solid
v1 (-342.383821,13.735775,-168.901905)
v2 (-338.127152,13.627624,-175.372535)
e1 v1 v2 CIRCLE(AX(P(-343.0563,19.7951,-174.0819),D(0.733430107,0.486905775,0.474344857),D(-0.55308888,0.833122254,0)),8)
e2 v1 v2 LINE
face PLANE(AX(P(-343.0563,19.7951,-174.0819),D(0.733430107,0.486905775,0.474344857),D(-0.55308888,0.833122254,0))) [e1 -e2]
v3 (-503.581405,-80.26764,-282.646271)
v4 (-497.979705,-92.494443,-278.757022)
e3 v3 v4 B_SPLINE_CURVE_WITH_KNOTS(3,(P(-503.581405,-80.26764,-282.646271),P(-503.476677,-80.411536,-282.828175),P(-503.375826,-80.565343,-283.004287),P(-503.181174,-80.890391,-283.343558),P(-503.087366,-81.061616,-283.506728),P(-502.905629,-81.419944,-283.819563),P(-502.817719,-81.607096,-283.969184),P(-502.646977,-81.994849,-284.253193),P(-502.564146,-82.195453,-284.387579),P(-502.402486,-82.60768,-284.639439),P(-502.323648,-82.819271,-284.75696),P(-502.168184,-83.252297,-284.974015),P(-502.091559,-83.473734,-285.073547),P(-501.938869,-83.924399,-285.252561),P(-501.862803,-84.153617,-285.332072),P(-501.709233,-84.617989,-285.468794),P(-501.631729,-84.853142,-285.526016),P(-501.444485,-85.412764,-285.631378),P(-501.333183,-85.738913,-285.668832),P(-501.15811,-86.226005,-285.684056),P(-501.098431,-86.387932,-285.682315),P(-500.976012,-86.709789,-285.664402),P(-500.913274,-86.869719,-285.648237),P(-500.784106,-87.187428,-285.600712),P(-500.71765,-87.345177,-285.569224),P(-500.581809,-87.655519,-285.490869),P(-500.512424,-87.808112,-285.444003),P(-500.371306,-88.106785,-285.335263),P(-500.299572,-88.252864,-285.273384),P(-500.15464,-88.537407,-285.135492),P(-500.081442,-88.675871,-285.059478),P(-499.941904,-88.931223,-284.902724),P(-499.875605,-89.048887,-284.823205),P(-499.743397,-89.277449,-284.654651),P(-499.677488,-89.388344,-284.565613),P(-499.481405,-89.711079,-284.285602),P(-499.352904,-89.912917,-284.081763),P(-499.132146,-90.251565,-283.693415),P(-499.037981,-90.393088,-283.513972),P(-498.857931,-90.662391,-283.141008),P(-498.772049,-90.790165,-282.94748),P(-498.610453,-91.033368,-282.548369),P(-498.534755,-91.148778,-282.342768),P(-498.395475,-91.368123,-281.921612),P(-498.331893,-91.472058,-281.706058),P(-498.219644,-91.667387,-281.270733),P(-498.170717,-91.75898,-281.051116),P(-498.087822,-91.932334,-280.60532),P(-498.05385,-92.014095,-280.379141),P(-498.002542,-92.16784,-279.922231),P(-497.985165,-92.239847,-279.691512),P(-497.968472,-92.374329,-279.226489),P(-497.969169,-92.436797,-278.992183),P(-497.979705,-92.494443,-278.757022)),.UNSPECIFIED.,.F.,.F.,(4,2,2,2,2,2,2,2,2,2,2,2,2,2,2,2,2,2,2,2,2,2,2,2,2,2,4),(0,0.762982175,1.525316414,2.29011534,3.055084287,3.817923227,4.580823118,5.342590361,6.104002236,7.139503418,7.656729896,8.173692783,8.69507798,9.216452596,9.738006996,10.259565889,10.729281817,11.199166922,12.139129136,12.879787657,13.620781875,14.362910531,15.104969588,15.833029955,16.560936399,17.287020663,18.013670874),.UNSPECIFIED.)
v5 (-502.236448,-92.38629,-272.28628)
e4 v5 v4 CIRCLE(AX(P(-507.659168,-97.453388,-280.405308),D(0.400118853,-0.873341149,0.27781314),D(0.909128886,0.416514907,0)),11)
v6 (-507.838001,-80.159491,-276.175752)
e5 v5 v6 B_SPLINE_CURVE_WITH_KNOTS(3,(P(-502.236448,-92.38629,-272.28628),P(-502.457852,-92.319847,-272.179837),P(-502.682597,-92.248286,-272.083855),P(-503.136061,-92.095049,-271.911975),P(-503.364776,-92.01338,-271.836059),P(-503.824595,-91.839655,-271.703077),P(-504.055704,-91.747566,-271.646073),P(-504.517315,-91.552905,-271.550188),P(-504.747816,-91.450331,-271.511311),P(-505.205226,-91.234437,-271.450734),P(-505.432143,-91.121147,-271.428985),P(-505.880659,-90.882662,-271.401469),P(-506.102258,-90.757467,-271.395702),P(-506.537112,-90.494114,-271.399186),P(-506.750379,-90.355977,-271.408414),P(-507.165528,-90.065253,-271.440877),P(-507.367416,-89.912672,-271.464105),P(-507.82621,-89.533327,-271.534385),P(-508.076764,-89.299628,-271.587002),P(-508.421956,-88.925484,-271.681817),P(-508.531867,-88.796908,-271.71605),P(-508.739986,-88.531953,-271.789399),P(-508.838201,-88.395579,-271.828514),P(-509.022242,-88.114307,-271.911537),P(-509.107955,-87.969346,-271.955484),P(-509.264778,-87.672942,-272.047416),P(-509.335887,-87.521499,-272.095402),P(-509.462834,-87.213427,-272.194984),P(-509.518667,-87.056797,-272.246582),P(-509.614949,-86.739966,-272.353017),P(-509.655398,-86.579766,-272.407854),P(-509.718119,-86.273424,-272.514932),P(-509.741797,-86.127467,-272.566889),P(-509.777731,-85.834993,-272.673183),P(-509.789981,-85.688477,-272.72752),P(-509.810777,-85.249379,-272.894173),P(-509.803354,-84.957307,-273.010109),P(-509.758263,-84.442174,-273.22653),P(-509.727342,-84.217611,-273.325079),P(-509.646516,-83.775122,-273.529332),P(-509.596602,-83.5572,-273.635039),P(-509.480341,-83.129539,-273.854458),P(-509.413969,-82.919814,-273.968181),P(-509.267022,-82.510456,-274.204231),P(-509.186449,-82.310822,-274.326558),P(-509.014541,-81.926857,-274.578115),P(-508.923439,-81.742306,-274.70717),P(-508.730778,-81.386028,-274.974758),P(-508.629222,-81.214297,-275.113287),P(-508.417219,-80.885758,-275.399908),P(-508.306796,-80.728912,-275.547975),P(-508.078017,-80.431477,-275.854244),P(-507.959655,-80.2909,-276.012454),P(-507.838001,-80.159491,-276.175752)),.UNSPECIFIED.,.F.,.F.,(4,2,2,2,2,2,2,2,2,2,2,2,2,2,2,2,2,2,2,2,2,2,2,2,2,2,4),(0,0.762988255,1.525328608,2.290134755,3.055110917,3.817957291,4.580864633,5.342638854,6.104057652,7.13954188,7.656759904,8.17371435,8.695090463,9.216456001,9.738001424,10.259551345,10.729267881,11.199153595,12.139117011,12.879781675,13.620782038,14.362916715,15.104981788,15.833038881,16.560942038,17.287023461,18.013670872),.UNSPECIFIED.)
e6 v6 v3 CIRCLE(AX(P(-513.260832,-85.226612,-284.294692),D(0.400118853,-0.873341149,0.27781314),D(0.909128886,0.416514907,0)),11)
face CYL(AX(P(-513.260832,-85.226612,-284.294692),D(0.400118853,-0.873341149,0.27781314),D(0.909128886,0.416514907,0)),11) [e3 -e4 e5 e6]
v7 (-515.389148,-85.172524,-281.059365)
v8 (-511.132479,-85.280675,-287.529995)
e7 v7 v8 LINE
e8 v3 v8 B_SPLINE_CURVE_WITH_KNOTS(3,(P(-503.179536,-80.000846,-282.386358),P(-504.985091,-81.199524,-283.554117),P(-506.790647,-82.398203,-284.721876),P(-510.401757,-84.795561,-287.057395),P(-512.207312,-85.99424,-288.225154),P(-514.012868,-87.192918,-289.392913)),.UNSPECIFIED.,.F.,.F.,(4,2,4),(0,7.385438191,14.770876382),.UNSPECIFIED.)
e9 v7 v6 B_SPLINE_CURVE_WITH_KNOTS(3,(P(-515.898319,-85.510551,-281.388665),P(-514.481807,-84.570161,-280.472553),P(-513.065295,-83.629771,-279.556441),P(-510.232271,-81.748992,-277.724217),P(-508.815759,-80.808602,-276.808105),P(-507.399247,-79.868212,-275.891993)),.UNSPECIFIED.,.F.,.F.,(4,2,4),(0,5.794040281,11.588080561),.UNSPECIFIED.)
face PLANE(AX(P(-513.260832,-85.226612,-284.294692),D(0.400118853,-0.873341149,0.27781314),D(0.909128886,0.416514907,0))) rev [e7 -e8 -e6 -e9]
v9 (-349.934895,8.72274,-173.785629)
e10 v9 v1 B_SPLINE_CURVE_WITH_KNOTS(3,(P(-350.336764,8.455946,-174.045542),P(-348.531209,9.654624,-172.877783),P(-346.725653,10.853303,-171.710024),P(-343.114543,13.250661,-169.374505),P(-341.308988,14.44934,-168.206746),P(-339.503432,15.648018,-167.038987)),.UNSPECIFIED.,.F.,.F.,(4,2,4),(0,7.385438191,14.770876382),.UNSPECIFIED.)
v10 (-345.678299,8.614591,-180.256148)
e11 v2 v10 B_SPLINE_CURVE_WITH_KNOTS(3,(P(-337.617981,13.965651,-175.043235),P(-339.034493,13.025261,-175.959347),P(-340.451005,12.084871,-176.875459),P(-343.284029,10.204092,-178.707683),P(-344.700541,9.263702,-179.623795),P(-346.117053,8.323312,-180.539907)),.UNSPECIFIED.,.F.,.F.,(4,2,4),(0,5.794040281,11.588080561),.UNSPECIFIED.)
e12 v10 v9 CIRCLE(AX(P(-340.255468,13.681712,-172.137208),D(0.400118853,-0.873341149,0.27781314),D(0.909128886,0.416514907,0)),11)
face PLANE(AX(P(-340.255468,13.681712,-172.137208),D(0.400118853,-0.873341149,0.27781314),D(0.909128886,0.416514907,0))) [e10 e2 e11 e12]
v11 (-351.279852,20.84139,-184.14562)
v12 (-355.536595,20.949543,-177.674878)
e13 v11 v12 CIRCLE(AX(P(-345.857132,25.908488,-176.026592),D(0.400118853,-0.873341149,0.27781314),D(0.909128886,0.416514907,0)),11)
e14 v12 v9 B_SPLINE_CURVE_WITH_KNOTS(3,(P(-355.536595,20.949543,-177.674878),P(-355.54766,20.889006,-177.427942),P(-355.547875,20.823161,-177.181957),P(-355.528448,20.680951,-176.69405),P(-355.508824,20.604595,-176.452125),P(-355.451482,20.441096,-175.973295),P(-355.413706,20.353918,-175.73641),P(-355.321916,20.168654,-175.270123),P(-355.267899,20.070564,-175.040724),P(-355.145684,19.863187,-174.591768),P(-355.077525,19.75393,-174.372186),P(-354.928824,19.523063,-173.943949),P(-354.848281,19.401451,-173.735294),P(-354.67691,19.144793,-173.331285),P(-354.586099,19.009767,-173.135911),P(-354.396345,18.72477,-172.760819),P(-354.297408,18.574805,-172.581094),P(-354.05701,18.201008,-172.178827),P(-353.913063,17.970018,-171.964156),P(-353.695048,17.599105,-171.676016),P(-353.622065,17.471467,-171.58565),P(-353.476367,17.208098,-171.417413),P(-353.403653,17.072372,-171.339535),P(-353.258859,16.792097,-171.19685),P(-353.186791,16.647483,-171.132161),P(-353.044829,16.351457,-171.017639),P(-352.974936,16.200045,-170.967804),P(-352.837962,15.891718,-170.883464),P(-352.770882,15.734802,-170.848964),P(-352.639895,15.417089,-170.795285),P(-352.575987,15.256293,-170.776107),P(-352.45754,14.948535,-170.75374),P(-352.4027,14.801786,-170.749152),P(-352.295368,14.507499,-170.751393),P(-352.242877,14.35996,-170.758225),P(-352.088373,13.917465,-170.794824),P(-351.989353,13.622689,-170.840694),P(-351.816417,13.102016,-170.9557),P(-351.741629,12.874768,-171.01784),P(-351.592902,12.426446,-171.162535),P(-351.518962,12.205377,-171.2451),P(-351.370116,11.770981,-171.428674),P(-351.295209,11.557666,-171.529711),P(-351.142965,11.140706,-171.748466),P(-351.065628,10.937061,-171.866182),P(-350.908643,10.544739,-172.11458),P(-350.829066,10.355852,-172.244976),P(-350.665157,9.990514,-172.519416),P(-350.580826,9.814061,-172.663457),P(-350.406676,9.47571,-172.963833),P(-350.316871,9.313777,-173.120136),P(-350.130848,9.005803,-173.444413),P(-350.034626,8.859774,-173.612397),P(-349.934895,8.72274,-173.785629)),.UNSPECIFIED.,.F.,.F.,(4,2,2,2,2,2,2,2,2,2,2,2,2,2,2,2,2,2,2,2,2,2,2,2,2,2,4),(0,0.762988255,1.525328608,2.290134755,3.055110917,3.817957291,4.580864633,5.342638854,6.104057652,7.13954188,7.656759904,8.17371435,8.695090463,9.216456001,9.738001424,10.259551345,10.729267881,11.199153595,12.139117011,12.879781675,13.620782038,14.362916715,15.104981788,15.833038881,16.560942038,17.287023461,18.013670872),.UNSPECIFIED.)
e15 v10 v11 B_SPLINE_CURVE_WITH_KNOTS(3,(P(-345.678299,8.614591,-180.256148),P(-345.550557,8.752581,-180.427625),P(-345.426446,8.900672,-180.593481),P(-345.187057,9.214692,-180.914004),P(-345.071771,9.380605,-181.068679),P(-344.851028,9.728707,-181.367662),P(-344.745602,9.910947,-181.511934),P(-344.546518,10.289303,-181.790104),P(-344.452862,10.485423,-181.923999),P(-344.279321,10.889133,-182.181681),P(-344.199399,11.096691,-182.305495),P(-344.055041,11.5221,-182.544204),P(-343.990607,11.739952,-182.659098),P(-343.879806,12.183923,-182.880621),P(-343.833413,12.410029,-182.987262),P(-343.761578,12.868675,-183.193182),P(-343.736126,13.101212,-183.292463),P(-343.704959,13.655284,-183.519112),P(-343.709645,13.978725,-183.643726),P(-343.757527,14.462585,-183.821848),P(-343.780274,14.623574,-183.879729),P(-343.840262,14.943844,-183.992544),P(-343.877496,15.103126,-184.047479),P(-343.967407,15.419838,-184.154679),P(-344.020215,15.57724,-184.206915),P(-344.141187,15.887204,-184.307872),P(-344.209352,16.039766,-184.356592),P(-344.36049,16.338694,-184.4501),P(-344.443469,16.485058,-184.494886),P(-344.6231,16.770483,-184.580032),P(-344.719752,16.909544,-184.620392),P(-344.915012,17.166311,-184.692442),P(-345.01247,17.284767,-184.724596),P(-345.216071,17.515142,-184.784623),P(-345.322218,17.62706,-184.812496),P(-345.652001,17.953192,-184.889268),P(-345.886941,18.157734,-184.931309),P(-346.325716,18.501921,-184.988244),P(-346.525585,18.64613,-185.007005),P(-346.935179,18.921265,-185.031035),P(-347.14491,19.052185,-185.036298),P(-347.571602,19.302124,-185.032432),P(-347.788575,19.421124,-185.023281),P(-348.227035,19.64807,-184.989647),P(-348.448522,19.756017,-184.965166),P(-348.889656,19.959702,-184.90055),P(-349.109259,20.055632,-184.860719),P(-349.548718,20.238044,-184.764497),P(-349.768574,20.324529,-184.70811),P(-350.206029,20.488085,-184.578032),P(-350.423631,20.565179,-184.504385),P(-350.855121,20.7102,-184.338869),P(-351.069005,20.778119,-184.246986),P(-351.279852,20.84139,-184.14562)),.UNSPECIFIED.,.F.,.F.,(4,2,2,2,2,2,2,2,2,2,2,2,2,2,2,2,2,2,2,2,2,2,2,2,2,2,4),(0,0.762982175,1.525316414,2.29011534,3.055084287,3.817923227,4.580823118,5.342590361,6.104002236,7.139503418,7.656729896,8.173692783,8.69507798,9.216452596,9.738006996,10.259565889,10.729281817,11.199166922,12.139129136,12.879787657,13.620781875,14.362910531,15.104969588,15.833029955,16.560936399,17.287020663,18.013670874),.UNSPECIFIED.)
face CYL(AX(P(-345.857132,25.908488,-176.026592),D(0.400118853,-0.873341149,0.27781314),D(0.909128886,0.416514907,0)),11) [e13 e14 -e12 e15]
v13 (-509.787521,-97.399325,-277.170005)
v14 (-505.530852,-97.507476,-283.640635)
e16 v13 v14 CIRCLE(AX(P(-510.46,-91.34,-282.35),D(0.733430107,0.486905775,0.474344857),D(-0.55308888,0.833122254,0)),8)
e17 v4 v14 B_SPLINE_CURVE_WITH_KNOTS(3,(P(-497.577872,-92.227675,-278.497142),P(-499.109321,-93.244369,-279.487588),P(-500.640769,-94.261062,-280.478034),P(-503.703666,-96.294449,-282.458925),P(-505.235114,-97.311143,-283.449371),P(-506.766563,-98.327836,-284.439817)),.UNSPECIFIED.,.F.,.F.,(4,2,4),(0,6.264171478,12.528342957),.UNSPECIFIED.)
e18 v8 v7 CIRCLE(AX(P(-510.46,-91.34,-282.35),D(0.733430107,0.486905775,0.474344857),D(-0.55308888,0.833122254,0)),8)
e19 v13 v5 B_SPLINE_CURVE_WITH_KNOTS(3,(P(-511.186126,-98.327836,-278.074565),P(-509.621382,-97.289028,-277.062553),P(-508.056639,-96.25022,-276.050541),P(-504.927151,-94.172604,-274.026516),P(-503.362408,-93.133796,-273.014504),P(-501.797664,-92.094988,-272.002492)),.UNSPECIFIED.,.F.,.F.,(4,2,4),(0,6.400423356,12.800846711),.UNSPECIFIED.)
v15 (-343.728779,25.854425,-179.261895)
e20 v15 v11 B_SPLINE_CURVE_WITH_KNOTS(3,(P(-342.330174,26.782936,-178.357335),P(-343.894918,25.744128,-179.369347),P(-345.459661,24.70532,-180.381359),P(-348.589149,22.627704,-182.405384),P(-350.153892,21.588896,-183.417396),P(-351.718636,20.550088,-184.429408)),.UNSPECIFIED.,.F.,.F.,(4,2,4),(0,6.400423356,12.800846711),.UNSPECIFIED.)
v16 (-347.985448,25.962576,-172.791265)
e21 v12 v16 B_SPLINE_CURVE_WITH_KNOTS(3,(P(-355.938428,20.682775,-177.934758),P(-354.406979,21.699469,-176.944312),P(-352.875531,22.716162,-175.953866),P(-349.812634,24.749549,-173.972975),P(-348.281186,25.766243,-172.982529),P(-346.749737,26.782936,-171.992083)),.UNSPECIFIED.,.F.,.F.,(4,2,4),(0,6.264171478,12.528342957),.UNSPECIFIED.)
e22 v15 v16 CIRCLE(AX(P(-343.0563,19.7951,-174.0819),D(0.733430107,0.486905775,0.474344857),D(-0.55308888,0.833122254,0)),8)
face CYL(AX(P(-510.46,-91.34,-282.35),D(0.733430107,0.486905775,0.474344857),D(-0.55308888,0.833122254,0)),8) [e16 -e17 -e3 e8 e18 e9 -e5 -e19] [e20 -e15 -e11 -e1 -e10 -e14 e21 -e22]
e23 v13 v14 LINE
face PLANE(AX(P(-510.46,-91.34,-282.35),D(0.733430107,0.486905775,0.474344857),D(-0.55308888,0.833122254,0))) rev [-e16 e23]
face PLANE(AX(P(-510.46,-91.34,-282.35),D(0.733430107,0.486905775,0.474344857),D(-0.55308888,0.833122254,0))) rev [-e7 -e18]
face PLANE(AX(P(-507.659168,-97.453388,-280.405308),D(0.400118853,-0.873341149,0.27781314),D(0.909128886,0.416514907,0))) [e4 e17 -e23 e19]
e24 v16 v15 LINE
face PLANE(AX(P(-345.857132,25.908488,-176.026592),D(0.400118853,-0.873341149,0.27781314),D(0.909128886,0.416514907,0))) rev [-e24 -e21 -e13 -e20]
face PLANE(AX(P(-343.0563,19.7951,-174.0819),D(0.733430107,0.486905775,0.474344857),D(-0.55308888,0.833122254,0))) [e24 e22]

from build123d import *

# Parameters (mm, degrees)
SUSP_FL_PULLROD_PROFILE_R                = 8
SUSP_FL_PULLROD_ROD_END_MOUNT_PROFILE_R  = 11
SUSP_FL_PULLROD_ROD_END_ROCKER_PROFILE_R = 11


with BuildPart() as part:
    # SUSP_FL_pullrod: sweep along a curve in space
    with BuildLine() as susp_fl_pullrod_path:
        Line((-510.46, -91.34, -282.35), (-343.0563, 19.7951, -174.0819))
    # SUSP_FL_pullrod profile (on start of the path) → SUSP_FL_pullrod (sweep)
    with BuildSketch(Plane(origin=(-510.46, -91.34, -282.35), x_dir=(-0.5530888804852541, 0.8331222541041432, 0), z_dir=(0.73343010732889, 0.48690577520692124, 0.47434485739141324))):
        Circle(SUSP_FL_PULLROD_PROFILE_R)
    sweep(path=susp_fl_pullrod_path.line)

    # SUSP_FL_pullrod_rod_end_mount: sweep along a curve in space
    with BuildLine() as susp_fl_pullrod_rod_end_mount_path:
        Line((-513.260832, -85.2266119, -284.294692), (-507.659168, -97.4533881, -280.405308))
    # SUSP_FL_pullrod_rod_end_mount profile (on start of the path) → SUSP_FL_pullrod_rod_end_mount (sweep)
    with BuildSketch(Plane(origin=(-513.260832, -85.2266119, -284.294692), x_dir=(-0.9091288863966713, -0.4165149071991883, 0), z_dir=(0.4001188533527077, -0.8733411488700952, 0.27781314022554215))):
        Circle(SUSP_FL_PULLROD_ROD_END_MOUNT_PROFILE_R)
    sweep(path=susp_fl_pullrod_rod_end_mount_path.line)

    # SUSP_FL_pullrod_rod_end_rocker: sweep along a curve in space
    with BuildLine() as susp_fl_pullrod_rod_end_rocker_path:
        Line((-345.857132, 25.9084881, -176.026592), (-340.255468, 13.6817119, -172.137208))
    # SUSP_FL_pullrod_rod_end_rocker profile (on start of the path) → SUSP_FL_pullrod_rod_end_rocker (sweep)
    with BuildSketch(Plane(origin=(-345.857132, 25.9084881, -176.026592), x_dir=(-0.9091288863966681, -0.41651490719919537, 0), z_dir=(0.40011885335271413, -0.8733411488700913, 0.2778131402255451))):
        Circle(SUSP_FL_PULLROD_ROD_END_ROCKER_PROFILE_R)
    sweep(path=susp_fl_pullrod_rod_end_rocker_path.line)


solid = part.part
